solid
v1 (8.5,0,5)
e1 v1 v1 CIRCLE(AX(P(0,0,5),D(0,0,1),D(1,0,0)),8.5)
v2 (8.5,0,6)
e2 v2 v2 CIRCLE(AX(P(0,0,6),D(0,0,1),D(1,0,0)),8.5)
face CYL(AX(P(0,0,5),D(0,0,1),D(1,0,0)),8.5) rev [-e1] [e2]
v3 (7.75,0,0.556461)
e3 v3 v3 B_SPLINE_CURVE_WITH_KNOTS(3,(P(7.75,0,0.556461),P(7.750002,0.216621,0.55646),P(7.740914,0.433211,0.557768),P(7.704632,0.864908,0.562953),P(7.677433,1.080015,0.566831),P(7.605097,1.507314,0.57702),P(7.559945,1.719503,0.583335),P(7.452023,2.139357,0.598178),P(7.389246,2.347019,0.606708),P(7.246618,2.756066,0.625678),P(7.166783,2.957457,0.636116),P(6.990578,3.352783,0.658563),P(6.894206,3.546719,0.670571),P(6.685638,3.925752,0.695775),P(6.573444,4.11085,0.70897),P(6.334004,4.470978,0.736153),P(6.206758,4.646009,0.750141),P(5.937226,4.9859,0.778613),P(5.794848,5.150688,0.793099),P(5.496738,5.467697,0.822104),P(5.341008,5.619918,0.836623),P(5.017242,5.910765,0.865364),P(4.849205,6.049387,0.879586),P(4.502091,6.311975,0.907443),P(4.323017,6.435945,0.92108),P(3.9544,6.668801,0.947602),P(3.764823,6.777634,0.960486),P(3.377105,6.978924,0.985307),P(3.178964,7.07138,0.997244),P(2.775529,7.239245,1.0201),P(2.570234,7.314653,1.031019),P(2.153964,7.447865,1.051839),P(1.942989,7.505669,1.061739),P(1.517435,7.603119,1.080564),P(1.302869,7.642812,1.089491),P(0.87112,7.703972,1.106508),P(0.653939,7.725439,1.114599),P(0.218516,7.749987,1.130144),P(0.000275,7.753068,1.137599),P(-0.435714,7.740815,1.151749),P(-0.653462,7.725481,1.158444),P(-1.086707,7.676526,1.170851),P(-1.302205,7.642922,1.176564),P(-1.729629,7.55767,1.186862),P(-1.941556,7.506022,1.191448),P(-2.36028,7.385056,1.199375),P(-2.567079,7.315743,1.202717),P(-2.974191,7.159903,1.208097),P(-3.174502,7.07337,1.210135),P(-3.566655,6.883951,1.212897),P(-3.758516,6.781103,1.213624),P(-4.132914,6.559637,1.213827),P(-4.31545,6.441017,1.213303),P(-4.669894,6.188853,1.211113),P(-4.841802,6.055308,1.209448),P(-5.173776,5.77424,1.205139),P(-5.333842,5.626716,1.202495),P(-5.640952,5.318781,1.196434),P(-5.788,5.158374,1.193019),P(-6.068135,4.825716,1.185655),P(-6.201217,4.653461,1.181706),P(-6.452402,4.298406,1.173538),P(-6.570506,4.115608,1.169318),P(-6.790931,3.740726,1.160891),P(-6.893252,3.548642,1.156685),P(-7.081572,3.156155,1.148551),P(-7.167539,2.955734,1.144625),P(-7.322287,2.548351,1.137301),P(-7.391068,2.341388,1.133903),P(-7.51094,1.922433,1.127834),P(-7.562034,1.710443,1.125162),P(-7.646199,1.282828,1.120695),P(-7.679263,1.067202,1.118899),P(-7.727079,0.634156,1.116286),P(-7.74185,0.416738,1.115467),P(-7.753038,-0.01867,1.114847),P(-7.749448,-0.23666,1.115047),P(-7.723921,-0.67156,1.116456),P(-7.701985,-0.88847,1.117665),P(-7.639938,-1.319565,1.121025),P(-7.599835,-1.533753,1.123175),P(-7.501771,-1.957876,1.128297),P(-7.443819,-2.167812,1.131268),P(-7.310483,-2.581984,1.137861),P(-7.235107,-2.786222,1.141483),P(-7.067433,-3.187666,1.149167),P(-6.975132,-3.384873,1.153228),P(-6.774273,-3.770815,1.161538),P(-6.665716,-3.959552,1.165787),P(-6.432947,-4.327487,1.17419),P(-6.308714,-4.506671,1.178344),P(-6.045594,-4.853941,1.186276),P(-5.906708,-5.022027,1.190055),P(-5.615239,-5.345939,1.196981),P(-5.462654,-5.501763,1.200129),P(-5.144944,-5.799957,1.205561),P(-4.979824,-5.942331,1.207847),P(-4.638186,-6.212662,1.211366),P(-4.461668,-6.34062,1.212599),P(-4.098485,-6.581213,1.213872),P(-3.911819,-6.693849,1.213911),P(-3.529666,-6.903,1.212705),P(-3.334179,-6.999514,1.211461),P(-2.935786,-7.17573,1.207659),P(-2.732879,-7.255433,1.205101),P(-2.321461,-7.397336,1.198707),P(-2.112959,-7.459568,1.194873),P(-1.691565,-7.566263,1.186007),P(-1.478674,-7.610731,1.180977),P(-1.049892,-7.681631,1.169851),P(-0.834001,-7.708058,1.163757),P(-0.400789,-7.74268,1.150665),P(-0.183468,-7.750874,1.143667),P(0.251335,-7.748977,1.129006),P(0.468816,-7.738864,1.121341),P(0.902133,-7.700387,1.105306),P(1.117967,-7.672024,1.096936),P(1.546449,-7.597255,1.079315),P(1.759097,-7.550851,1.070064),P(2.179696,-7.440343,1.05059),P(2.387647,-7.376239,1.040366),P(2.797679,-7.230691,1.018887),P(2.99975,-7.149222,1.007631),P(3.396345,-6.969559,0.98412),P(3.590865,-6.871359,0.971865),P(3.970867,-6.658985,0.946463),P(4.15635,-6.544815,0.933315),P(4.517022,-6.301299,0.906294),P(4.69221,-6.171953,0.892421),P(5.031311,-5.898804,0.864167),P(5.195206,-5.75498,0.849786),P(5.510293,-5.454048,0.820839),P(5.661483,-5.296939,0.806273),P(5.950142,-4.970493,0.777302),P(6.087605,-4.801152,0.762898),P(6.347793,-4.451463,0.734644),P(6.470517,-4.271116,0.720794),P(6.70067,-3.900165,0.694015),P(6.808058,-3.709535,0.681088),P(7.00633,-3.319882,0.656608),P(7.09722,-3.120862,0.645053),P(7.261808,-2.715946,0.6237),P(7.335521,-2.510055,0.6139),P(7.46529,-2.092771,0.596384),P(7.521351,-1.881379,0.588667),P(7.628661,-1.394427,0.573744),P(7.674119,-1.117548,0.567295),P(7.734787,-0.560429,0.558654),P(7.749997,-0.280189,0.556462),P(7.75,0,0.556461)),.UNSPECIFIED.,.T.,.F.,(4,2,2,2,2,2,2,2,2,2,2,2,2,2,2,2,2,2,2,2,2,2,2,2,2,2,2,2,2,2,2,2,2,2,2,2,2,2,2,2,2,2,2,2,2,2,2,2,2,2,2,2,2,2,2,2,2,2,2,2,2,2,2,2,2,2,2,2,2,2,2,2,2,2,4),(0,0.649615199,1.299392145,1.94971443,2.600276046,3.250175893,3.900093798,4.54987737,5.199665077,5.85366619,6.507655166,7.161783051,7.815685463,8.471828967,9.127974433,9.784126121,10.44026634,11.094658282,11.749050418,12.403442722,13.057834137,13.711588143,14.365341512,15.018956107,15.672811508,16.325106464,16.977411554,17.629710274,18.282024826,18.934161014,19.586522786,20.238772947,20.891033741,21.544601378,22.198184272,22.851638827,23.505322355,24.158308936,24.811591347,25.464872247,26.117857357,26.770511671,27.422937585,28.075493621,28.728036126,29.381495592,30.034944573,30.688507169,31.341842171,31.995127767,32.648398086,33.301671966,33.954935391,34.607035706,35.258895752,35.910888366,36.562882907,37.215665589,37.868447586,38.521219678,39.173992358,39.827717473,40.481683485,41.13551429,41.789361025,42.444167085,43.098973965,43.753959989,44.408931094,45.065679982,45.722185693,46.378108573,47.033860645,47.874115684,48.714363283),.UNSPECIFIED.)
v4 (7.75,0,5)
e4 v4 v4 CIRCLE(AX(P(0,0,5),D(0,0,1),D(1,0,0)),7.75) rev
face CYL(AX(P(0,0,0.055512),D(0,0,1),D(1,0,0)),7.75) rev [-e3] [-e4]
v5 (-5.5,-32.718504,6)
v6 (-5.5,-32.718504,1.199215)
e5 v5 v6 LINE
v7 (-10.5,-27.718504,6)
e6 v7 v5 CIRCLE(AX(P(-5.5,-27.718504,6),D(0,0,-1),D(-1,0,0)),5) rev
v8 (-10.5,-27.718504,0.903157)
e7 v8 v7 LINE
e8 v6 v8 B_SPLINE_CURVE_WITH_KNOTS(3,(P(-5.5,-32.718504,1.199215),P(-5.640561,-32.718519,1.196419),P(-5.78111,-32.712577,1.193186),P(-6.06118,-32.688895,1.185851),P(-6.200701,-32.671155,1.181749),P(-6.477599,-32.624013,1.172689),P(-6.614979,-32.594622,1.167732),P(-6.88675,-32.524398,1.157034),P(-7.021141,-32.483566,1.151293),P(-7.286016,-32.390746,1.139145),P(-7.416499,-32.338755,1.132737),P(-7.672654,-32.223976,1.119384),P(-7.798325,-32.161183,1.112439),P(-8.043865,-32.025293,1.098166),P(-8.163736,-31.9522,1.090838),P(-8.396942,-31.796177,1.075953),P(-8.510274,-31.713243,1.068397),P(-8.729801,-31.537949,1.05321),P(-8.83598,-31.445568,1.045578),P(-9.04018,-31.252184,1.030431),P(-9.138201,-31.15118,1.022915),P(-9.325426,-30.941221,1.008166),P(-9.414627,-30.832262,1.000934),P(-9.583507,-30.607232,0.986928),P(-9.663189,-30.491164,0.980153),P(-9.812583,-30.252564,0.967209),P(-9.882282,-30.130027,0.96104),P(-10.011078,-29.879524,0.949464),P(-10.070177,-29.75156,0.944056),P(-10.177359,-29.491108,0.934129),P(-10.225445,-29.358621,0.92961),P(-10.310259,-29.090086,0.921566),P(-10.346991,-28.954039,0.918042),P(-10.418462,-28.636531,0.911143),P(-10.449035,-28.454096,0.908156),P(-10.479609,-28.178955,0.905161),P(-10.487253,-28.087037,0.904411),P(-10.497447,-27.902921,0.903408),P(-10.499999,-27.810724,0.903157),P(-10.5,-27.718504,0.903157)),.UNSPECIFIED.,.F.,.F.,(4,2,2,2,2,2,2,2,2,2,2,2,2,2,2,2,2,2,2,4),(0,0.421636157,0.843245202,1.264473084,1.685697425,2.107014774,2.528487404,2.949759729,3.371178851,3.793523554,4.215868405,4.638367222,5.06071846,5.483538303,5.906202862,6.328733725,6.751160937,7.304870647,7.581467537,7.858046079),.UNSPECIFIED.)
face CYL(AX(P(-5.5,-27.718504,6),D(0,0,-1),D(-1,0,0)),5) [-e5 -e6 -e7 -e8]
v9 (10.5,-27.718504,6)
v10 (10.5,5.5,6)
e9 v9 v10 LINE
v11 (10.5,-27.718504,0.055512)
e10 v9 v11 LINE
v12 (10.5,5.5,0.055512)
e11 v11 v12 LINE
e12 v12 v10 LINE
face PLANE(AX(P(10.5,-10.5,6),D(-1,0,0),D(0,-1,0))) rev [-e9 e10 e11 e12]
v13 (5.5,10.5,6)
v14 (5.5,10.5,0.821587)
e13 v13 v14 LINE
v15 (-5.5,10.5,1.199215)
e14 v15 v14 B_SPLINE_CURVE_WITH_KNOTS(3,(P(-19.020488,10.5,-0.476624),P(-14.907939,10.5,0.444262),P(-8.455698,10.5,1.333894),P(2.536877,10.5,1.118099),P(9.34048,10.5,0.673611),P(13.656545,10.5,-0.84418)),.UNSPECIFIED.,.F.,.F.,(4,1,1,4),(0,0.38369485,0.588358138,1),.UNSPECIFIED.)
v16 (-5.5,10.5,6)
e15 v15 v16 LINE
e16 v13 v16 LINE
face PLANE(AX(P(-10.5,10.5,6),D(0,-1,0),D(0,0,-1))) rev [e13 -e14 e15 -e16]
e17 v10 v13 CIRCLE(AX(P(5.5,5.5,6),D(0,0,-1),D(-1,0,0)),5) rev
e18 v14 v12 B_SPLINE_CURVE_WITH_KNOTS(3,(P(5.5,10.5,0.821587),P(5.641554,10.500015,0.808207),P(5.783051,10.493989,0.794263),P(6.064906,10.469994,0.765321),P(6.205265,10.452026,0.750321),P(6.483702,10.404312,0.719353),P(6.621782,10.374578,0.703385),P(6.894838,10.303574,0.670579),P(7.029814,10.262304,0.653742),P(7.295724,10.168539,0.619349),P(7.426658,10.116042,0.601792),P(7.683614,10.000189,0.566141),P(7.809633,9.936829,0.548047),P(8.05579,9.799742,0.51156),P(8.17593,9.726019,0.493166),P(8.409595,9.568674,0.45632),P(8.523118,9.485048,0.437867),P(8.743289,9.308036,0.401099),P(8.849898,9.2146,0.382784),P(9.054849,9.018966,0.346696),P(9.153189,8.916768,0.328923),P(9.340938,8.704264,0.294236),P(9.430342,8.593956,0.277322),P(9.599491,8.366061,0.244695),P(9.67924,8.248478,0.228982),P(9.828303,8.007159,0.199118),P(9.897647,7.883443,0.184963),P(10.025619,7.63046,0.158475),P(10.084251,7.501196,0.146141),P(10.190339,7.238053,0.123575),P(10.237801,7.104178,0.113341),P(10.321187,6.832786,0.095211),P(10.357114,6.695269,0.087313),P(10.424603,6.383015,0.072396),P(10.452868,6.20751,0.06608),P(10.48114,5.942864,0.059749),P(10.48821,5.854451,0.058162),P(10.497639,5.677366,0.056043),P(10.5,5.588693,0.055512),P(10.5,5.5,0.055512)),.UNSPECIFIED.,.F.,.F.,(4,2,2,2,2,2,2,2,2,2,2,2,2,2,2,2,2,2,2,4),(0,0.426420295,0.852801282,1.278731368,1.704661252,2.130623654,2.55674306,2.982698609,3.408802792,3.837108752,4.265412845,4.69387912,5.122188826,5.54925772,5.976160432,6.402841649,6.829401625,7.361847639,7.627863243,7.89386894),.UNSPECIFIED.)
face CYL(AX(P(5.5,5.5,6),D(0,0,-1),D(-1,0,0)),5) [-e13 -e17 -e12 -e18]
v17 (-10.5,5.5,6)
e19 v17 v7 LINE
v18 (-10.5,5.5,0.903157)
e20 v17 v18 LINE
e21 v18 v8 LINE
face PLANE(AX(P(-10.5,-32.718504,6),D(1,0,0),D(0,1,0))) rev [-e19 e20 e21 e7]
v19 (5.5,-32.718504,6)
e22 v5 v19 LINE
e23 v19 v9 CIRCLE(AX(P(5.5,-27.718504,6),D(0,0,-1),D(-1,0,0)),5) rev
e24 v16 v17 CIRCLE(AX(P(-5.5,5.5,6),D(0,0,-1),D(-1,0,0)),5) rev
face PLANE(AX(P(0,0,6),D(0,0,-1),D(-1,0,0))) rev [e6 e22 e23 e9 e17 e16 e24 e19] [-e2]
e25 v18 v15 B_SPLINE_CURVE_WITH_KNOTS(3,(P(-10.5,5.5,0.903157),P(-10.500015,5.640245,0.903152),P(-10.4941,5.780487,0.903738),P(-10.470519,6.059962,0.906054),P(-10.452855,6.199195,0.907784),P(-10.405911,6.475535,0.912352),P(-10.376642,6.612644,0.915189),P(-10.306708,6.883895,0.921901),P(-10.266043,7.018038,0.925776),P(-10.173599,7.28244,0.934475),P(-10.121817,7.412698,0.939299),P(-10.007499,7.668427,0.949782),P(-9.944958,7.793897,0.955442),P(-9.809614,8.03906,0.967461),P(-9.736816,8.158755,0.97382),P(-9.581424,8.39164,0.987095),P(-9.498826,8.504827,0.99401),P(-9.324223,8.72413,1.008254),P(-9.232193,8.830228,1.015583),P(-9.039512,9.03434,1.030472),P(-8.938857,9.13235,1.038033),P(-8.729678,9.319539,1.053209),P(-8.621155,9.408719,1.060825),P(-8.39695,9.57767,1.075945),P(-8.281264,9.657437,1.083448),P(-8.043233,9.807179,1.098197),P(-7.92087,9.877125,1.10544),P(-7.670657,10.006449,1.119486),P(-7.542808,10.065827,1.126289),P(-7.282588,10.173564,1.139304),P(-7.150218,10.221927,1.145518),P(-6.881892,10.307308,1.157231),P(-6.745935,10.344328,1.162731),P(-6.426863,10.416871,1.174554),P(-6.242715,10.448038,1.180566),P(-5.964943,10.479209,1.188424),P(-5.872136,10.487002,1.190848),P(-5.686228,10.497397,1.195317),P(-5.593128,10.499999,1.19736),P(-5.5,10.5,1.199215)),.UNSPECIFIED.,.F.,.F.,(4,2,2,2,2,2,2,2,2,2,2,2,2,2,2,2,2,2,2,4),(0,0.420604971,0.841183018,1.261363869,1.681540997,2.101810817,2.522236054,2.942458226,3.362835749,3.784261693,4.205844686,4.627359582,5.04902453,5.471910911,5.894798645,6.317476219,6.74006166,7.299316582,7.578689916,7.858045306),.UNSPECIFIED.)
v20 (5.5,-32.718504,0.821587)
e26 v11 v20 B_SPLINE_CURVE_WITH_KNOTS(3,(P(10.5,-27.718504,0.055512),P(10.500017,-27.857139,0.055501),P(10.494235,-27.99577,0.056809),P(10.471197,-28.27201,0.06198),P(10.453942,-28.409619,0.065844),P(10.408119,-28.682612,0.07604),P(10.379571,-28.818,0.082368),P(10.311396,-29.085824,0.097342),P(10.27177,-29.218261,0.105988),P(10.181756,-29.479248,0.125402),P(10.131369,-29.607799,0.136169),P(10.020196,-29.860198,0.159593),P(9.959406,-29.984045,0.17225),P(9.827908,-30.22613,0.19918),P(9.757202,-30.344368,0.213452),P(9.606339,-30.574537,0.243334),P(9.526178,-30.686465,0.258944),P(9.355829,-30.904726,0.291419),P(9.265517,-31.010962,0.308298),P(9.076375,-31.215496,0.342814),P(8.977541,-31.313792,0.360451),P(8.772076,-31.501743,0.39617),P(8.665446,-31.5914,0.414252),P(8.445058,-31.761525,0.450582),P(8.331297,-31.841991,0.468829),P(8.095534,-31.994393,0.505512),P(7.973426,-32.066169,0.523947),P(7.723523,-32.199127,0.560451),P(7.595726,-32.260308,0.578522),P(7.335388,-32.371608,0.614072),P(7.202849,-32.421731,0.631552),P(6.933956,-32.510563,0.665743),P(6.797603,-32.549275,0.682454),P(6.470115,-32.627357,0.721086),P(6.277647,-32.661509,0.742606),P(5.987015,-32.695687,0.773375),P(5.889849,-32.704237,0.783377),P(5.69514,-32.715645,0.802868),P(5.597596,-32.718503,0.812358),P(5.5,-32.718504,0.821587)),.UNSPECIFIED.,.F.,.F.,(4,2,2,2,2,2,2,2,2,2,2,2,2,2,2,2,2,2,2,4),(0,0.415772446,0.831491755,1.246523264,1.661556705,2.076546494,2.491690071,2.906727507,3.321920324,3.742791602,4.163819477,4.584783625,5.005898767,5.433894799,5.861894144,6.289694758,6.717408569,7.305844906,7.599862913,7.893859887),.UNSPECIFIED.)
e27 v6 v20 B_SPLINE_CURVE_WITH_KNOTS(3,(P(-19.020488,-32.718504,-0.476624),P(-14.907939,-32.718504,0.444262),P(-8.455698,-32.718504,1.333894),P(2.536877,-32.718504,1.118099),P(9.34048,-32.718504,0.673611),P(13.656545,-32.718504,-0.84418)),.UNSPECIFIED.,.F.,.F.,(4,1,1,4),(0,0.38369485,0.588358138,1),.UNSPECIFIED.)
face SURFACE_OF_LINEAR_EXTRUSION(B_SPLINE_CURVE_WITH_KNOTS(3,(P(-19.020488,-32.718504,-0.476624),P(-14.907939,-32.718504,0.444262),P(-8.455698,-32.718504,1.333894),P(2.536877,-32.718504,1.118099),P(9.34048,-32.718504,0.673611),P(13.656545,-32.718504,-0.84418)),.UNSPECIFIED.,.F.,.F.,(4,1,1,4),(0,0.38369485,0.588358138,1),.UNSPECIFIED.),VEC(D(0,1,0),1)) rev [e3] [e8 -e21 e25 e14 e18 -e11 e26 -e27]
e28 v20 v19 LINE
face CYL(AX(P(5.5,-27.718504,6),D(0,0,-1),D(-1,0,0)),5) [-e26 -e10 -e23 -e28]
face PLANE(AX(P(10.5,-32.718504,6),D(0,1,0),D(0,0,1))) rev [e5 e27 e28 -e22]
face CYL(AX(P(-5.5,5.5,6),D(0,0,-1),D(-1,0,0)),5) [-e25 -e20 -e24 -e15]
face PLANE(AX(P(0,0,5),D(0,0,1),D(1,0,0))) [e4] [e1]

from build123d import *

# Parameters (mm, degrees)
EXTRUDE_1_DEPTH     = 6
CUT_EXTRUDE_5_DEPTH = 45.878603962
SKETCH_4_R          = 7.75
CUT_EXTRUDE_6_DEPTH = 35.872445467
FILLET_1_R          = 5
SKETCH_5_R          = 8.5
CUT_EXTRUDE_7_DEPTH = 1


with BuildPart() as part:
    # 草图1 → 凸台-拉伸1 (new body)
    with BuildSketch(Plane.XY):
        Polygon((-10.499999762, 10.5), (10.500000238, 10.5), (10.500000238, -10.500000475), (10.500000238, -32.718504007), (-10.499999762, -32.718504007), (-10.499999762, -10.499999525), align=None)
    extrude(amount=EXTRUDE_1_DEPTH)

    # 草图8 → 切除-拉伸5 (cut, through all)
    with BuildSketch(Plane(origin=(0, 10.5, 0), x_dir=(1, 0, 0), z_dir=(0, 1, 0))):
        with BuildLine():
            Line((-19.020487649, 0.47662404), (13.656545029, 0.844180338))
            add(Edge.make_bspline(
                [(-19.020487649, 0.47662404), (-14.907938577, -0.444262453), (-8.455698153, -1.333893864), (2.536876626, -1.118098726), (9.340479573, -0.673611335), (13.656545029, 0.844180338)],
                knots=[0, 0, 0, 0, 0.38369485, 0.588358138, 1, 1, 1, 1], degree=3))
        make_face()
    extrude(amount=-CUT_EXTRUDE_5_DEPTH, mode=Mode.SUBTRACT)

    # 草图4 → 切除-拉伸6 (cut, through all)
    with BuildSketch(Plane.XY.offset(6)):
        Circle(SKETCH_4_R)
    extrude(amount=-CUT_EXTRUDE_6_DEPTH, mode=Mode.SUBTRACT)

    # 圆角1
    fillet_1_edges = [part.edges().sort_by_distance(p)[0] for p in [
        (-10.499999762, -32.718504007, 3.451578548),
        (10.500000238, -32.718504007, 3.027756169),
        (10.500000238, 10.5, 3.027756169),
        (-10.499999762, 10.5, 3.451578548),
    ]]
    fillet(fillet_1_edges, radius=FILLET_1_R)

    # 草图5 → 切除-拉伸7 (cut)
    with BuildSketch(Plane.XY.offset(6)):
        Circle(SKETCH_5_R)
    extrude(amount=-CUT_EXTRUDE_7_DEPTH, mode=Mode.SUBTRACT)


solid = part.part
